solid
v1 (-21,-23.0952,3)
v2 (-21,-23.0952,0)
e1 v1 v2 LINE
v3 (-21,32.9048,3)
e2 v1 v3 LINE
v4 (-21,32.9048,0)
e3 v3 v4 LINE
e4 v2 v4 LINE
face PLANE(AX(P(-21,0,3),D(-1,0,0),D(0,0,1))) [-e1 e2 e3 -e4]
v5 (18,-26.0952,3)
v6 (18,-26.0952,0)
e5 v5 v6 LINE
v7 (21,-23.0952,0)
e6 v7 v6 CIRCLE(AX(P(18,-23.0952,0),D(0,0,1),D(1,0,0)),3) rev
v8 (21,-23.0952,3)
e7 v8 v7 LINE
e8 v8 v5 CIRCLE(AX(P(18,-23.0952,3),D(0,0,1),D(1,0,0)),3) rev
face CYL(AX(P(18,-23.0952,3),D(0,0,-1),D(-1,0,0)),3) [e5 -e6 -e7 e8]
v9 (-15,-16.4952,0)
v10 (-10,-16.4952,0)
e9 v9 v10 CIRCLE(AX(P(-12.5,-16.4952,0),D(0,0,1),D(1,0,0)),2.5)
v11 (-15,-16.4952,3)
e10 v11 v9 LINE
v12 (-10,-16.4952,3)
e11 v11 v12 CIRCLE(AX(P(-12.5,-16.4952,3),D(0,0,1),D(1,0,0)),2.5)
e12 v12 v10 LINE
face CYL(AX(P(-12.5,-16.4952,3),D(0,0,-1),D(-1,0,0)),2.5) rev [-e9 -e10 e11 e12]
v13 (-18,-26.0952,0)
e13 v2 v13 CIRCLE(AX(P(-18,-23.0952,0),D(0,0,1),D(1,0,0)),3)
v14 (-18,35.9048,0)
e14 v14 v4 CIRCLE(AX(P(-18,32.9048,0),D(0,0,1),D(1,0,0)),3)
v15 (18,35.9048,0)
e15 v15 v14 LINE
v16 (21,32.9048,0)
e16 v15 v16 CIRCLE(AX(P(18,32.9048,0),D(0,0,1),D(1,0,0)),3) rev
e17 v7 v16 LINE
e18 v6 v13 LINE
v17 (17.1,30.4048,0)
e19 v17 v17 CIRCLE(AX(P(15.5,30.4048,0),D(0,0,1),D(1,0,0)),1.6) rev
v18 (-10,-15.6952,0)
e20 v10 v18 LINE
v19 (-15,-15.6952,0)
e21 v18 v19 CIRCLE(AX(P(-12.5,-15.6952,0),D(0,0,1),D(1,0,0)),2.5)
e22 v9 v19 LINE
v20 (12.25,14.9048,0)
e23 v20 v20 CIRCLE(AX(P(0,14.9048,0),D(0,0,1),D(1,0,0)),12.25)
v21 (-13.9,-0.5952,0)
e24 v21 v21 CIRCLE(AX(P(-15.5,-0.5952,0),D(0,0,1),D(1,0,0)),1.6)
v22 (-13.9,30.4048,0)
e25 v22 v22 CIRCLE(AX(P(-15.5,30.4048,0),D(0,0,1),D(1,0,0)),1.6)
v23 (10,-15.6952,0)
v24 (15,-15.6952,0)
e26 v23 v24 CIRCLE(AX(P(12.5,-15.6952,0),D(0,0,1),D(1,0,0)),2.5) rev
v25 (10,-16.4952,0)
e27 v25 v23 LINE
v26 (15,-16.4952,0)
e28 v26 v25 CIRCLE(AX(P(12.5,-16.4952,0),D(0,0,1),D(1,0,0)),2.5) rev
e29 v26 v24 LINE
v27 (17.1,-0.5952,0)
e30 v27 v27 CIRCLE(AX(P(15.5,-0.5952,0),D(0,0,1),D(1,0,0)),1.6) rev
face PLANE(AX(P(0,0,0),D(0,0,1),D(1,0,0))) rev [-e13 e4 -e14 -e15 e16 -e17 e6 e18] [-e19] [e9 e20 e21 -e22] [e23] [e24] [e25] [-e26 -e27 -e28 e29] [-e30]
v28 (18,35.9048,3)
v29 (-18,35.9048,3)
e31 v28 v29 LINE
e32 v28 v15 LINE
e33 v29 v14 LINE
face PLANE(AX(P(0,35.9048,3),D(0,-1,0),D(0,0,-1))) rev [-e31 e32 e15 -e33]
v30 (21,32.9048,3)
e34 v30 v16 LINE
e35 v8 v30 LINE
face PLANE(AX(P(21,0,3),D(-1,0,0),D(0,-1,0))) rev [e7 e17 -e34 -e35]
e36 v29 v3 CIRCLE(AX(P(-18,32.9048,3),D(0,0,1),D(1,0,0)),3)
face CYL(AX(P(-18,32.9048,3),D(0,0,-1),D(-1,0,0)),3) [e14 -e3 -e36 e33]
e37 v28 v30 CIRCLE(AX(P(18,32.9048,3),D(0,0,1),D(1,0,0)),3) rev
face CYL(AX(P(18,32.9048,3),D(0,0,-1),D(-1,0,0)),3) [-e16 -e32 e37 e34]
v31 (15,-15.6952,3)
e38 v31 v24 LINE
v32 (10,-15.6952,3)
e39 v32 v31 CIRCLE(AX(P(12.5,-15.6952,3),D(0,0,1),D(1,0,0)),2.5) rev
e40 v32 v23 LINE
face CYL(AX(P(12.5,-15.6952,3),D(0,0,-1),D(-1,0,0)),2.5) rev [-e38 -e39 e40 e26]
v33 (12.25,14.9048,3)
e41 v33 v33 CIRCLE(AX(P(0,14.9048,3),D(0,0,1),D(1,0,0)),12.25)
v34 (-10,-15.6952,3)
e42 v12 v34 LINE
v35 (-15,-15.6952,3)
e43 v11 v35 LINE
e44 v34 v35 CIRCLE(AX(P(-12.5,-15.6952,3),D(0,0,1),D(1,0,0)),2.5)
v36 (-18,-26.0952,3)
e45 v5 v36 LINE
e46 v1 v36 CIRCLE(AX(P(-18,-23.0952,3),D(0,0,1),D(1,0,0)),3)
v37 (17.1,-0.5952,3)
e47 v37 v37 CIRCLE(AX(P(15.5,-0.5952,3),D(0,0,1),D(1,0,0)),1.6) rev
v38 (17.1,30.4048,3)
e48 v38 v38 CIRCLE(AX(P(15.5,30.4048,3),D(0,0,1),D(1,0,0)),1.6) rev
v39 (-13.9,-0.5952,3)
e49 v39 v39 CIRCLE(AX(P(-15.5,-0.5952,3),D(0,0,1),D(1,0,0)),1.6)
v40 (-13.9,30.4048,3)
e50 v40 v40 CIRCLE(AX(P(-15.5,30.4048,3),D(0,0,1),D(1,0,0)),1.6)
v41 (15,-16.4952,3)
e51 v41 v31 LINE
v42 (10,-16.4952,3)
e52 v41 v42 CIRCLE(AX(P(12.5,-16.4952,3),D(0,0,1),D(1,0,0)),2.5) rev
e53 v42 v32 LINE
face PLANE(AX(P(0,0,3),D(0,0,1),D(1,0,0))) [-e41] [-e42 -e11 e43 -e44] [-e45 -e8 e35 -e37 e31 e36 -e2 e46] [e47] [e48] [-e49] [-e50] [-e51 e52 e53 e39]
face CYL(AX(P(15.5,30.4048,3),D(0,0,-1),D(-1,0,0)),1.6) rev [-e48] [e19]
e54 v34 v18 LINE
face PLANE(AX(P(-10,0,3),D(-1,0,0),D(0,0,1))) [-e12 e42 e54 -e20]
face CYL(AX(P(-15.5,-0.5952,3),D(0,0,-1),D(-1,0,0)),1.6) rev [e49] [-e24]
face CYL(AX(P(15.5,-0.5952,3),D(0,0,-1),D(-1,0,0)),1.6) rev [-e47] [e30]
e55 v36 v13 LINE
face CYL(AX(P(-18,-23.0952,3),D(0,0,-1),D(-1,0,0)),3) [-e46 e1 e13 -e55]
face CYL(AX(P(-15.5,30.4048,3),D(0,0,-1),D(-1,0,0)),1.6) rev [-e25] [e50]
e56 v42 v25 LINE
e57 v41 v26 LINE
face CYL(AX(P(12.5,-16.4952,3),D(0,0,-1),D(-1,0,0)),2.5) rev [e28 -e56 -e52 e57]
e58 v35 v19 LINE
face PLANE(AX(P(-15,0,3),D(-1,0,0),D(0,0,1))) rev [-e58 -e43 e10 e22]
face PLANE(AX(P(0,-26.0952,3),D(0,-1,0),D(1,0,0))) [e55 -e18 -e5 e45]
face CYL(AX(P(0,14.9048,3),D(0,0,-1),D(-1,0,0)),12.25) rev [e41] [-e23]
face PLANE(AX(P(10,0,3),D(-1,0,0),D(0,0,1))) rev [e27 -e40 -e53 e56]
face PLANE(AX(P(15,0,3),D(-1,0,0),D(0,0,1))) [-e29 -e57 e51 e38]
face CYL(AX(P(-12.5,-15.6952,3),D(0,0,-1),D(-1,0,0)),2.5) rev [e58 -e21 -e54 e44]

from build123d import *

# Parameters (mm, degrees)
SKETCH_1_R      = 1.6
EXTRUDE_1_DEPTH = 3


with BuildPart() as part:
    # 草图1 → 凸台-拉伸1 (new body)
    # profile 1 of 2: a face of its own
    with BuildSketch(Plane.XY):
        with BuildLine():
            Line((0, 27.154799922), (0, 35.904799922))
            Line((0, 35.904799922), (-18, 35.904799922))
            ThreePointArc((-18, 35.904799922), (-20.121320344, 35.026120265), (-21, 32.904799922))
            Line((-21, 32.904799922), (-21, -23.095200078))
            ThreePointArc((-21, -23.095200078), (-20.121320344, -25.216520422), (-18, -26.095200078))
            Line((-18, -26.095200078), (0, -26.095200078))
            Line((0, -26.095200078), (0, 2.654799922))
            ThreePointArc((0, 2.654799922), (-12.25, 14.904799922), (0, 27.154799922))
        make_face()
        with BuildLine():
            ThreePointArc((-10, -16.495200078), (-12.5, -18.995200078), (-15, -16.495200078))
            Line((-15, -16.495200078), (-15, -15.695200078))
            ThreePointArc((-15, -15.695200078), (-12.5, -13.195200078), (-10, -15.695200078))
            Line((-10, -15.695200078), (-10, -16.495200078))
        make_face(mode=Mode.SUBTRACT)
        with Locations((-15.5, -0.595200078)):
            Circle(SKETCH_1_R, mode=Mode.SUBTRACT)
        with Locations((-15.5, 30.404799922)):
            Circle(SKETCH_1_R, mode=Mode.SUBTRACT)
    # profile 2 of 2: a face of its own
    with BuildSketch(Plane.XY):
        with BuildLine():
            Line((18, 35.904799922), (0, 35.904799922))
            Line((0, 35.904799922), (0, 27.154799922))
            ThreePointArc((0, 27.154799922), (8.66205807, 23.566857991), (12.25, 14.904799922))
            ThreePointArc((12.25, 14.904799922), (8.66205807, 6.242741852), (0, 2.654799922))
            Line((0, 2.654799922), (0, -26.095200078))
            Line((0, -26.095200078), (18, -26.095200078))
            ThreePointArc((18, -26.095200078), (20.121320344, -25.216520422), (21, -23.095200078))
            Line((21, -23.095200078), (21, 32.904799922))
            ThreePointArc((21, 32.904799922), (20.121320344, 35.026120265), (18, 35.904799922))
        make_face()
        with BuildLine():
            Line((15, -15.695200078), (15, -16.495200078))
            ThreePointArc((15, -16.495200078), (12.5, -18.995200078), (10, -16.495200078))
            Line((10, -16.495200078), (10, -15.695200078))
            ThreePointArc((10, -15.695200078), (12.5, -13.195200078), (15, -15.695200078))
        make_face(mode=Mode.SUBTRACT)
        with Locations((15.5, -0.595200078)):
            Circle(SKETCH_1_R, mode=Mode.SUBTRACT)
        with Locations((15.5, 30.404799922)):
            Circle(SKETCH_1_R, mode=Mode.SUBTRACT)
    extrude(amount=EXTRUDE_1_DEPTH)


solid = part.part
